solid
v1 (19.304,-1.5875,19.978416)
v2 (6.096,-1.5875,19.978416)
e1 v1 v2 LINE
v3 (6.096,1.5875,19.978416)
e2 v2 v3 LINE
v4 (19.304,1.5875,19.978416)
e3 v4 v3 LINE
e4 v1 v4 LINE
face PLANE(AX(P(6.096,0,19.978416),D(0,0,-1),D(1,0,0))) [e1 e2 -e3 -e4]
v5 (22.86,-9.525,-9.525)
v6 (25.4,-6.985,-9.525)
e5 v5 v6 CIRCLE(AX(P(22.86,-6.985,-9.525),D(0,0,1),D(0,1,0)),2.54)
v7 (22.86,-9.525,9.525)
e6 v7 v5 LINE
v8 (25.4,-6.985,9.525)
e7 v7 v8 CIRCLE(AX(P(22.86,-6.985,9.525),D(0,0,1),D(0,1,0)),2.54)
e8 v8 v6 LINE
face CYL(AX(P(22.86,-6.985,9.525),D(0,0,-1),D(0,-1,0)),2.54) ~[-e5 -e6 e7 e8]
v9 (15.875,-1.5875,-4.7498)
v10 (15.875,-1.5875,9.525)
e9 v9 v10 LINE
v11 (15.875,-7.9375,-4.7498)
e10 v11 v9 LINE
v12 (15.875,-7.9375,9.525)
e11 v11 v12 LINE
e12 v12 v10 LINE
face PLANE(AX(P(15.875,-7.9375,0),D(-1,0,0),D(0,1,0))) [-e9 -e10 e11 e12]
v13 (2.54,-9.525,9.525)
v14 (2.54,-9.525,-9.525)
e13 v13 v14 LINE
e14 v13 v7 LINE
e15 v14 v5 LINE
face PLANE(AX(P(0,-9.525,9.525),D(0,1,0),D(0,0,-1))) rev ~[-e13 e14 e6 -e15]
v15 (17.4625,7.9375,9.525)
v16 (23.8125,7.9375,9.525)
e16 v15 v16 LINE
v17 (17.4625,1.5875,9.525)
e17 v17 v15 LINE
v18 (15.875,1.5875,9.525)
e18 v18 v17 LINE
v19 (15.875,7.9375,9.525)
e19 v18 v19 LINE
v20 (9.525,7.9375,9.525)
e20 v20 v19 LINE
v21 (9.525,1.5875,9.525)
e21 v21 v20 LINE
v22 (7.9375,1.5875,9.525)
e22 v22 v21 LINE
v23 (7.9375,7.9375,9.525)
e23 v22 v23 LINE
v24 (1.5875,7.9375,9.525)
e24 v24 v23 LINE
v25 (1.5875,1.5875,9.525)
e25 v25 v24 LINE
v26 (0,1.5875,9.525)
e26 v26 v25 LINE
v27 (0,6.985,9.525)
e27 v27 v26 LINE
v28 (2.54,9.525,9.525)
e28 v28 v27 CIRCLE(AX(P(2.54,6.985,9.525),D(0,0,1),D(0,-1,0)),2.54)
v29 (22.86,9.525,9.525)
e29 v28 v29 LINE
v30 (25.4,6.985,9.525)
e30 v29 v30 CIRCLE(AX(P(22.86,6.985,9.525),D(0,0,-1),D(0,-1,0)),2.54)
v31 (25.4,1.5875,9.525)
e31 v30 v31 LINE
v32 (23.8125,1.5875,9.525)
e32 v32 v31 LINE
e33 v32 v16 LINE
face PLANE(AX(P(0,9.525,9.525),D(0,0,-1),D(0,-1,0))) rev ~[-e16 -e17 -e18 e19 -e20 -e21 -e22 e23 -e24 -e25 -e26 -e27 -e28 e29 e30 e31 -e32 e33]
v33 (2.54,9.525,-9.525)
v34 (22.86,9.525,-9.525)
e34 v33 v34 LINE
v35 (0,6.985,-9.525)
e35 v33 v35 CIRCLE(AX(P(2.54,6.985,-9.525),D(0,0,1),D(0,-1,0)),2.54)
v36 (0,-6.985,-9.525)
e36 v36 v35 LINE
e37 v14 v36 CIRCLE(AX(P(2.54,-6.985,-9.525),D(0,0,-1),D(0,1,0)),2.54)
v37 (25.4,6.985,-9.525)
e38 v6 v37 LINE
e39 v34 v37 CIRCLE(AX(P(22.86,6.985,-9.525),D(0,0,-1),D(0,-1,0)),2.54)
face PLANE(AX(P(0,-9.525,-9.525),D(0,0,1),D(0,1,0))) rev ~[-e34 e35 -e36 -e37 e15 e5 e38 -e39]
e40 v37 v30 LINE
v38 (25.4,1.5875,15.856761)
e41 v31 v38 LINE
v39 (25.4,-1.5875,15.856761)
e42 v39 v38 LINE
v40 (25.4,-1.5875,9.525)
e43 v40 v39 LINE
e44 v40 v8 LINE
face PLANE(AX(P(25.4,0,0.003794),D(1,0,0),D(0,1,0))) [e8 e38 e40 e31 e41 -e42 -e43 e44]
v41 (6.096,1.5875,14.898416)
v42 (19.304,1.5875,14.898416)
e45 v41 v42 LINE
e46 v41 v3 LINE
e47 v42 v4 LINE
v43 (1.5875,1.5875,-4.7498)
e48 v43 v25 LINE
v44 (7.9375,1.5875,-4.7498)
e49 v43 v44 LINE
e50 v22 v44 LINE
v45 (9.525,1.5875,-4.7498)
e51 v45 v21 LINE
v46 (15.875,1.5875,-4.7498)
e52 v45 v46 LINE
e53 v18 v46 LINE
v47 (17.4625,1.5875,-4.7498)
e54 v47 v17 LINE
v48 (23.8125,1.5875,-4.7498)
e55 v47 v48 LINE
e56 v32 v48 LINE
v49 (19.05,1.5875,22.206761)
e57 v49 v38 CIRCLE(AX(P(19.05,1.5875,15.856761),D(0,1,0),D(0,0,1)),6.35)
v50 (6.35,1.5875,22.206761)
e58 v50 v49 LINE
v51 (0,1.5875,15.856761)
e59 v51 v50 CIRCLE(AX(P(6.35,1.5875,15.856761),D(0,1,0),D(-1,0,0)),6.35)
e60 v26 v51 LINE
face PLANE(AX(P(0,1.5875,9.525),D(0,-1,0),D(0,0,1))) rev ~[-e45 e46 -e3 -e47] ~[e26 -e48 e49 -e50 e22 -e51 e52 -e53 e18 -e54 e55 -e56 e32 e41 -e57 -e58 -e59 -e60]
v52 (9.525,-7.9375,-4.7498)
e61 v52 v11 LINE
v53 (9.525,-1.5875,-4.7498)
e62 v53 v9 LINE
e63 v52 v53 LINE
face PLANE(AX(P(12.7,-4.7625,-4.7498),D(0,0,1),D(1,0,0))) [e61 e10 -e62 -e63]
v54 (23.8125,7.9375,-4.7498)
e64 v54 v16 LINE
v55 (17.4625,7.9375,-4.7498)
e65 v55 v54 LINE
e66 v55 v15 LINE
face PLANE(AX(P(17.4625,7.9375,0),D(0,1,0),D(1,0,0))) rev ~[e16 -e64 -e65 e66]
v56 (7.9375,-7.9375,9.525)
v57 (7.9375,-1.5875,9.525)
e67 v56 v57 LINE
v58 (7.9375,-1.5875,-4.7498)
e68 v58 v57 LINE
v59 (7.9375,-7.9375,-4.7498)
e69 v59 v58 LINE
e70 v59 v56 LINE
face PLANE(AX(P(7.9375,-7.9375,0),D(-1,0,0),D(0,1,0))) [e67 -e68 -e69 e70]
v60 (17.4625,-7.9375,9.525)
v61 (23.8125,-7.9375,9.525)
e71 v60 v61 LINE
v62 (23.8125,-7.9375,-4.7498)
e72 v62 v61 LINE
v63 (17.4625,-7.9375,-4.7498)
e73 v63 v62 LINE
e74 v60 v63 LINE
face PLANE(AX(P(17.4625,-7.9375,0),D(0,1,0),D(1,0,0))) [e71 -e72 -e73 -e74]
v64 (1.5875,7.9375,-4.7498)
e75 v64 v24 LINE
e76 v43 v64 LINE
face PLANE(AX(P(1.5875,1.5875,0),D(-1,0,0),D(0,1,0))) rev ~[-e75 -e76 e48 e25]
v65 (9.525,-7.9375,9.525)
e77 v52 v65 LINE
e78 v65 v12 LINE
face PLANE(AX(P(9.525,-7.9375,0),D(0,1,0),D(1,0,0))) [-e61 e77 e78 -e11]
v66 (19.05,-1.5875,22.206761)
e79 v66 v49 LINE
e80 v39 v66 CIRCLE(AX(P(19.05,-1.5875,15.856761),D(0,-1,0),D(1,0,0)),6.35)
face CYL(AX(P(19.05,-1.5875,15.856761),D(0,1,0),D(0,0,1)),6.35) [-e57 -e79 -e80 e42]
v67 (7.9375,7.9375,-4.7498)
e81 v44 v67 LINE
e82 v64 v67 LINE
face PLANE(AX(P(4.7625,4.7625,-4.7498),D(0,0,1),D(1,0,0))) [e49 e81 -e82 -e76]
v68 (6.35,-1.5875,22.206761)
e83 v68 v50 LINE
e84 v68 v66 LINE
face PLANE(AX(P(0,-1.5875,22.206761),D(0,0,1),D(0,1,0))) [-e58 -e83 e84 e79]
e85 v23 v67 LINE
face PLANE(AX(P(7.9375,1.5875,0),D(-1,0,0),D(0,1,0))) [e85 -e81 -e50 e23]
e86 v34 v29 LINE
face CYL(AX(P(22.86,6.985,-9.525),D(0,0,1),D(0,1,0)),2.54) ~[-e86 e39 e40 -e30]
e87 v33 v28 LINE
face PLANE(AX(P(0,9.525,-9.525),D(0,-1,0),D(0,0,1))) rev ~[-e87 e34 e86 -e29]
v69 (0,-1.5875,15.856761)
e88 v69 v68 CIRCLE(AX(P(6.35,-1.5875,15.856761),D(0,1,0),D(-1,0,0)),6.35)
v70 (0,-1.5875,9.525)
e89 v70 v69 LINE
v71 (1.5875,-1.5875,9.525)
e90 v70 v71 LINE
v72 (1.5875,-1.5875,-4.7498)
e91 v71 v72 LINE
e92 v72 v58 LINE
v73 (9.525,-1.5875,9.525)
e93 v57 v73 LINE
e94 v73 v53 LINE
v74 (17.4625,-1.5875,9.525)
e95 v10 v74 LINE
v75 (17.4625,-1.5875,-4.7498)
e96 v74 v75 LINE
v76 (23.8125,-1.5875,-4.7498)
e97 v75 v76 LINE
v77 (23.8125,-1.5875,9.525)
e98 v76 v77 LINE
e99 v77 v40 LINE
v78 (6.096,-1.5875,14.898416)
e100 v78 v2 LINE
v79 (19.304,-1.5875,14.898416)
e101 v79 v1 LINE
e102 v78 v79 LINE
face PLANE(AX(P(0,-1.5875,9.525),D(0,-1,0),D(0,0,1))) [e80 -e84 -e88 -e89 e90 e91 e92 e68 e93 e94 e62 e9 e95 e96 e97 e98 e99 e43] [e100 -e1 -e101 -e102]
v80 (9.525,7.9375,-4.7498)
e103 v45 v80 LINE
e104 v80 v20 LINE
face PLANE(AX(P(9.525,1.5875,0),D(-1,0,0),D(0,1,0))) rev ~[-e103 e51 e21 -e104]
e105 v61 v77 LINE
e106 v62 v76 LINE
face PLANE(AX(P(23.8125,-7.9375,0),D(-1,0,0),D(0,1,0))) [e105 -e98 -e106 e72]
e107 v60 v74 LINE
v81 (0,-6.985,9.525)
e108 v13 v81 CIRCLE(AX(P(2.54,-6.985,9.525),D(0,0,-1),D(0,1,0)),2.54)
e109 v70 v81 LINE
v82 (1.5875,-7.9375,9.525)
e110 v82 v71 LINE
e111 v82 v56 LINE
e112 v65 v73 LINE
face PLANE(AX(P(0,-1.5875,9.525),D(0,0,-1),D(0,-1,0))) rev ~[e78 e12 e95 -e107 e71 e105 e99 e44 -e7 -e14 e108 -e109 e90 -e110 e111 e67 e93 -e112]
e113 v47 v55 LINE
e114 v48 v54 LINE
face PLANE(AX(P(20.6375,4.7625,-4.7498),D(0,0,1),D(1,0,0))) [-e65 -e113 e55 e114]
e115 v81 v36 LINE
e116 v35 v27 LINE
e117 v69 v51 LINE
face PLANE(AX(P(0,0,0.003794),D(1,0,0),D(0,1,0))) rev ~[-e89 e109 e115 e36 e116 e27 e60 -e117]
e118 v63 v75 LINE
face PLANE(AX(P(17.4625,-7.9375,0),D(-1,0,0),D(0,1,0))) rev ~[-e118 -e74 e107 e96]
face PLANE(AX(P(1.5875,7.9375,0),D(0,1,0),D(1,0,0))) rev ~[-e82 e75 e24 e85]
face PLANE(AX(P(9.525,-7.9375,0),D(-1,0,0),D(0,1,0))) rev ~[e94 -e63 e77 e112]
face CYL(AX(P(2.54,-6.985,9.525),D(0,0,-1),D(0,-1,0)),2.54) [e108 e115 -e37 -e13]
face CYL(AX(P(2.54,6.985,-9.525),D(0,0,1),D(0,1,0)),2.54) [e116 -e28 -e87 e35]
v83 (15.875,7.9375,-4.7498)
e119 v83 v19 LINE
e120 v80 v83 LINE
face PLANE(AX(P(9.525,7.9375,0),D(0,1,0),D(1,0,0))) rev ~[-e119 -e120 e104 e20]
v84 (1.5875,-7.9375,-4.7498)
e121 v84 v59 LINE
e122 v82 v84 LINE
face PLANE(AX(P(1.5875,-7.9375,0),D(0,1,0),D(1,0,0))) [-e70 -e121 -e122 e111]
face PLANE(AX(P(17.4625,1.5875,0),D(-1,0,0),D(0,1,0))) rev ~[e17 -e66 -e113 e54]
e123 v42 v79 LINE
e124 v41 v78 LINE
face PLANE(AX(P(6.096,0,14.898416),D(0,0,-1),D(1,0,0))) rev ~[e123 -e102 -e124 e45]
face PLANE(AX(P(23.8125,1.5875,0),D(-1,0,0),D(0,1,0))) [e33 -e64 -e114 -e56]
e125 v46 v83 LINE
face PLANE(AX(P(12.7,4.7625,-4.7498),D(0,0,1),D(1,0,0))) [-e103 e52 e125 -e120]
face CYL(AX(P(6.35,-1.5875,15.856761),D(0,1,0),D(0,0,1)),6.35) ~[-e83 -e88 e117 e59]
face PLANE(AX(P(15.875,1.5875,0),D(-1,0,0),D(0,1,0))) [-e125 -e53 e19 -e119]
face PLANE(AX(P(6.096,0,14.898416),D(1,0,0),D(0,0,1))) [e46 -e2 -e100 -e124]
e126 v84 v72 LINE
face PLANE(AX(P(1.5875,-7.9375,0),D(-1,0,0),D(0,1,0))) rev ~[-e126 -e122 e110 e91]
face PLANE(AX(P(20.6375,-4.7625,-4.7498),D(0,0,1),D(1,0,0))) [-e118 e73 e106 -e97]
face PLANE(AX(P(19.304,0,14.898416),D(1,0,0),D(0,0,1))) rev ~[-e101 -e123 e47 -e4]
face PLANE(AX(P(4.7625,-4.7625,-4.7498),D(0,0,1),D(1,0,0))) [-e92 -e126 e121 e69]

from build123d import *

# Parameters (mm, degrees)
F0_W          = 3.175
F0_H          = 0.018239446
F0_H_2        = 12.681760554
F1_DEPTH      = 25.4
F2_R          = 6.35
F3_W          = 13.208
F3_H          = 5.08
F4_DEPTH      = 12.7
F5_W          = 6.35
F5_H          = 6.35
F6_DEPTH      = 4.7498
F6_DEPTH_BACK = 50.8
F7_R          = 2.54


with BuildPart() as f1:
    # F0 (on Right) → F1 (new body)
    with BuildSketch(Plane.YZ):
        Polygon((9.525, -9.525), (9.525, 9.525), (1.5875, 9.525), (1.5875, 9.506760554), (-1.5875, 9.506760554), (-1.5875, 9.525), (-9.525, 9.525), (-9.525, -9.525), align=None)
        with Locations((0, 9.515880277)):
            Rectangle(F0_W, F0_H)
        with Locations((0, 15.865880277)):
            Rectangle(F0_W, F0_H_2)
    extrude(amount=F1_DEPTH)

    # F2
    f2_edges = [f1.edges().sort_by_distance(p)[0] for p in [
        (25.4, 0, 22.206761),
        (0, 0, 22.206761),
    ]]
    fillet(f2_edges, radius=F2_R)

    # F3 (on Front) → F4 (cut, symmetric)
    with BuildSketch(Plane.XZ):
        with Locations((12.7, 17.4384163693)):
            Rectangle(F3_W, F3_H)
    extrude(amount=F4_DEPTH, both=True, mode=Mode.SUBTRACT)

    # F5 (on Top) → F6 (cut, two sides)
    with BuildSketch(Plane.XY) as f6_sk:
        with Locations((4.7625, 4.7625)):
            Rectangle(F5_W, F5_H)
        with Locations((20.6375, 4.7625)):
            Rectangle(F5_W, F5_H)
        with Locations((12.7, 4.7625)):
            Rectangle(F5_W, F5_H)
        with Locations((4.7625, -4.7625)):
            Rectangle(F5_W, F5_H)
        with Locations((12.7, -4.7625)):
            Rectangle(F5_W, F5_H)
        with Locations((20.6375, -4.7625)):
            Rectangle(F5_W, F5_H)
    extrude(amount=-F6_DEPTH, mode=Mode.SUBTRACT)
    extrude(f6_sk.sketch, amount=F6_DEPTH_BACK, mode=Mode.SUBTRACT)

    # F7
    f7_edges = [f1.edges().sort_by_distance(p)[0] for p in [
        (25.4, -9.525, 0),
        (0, -9.525, 0),
        (25.4, 9.525, 0),
        (0, 9.525, 0),
    ]]
    fillet(f7_edges, radius=F7_R)


solid = f1.part
